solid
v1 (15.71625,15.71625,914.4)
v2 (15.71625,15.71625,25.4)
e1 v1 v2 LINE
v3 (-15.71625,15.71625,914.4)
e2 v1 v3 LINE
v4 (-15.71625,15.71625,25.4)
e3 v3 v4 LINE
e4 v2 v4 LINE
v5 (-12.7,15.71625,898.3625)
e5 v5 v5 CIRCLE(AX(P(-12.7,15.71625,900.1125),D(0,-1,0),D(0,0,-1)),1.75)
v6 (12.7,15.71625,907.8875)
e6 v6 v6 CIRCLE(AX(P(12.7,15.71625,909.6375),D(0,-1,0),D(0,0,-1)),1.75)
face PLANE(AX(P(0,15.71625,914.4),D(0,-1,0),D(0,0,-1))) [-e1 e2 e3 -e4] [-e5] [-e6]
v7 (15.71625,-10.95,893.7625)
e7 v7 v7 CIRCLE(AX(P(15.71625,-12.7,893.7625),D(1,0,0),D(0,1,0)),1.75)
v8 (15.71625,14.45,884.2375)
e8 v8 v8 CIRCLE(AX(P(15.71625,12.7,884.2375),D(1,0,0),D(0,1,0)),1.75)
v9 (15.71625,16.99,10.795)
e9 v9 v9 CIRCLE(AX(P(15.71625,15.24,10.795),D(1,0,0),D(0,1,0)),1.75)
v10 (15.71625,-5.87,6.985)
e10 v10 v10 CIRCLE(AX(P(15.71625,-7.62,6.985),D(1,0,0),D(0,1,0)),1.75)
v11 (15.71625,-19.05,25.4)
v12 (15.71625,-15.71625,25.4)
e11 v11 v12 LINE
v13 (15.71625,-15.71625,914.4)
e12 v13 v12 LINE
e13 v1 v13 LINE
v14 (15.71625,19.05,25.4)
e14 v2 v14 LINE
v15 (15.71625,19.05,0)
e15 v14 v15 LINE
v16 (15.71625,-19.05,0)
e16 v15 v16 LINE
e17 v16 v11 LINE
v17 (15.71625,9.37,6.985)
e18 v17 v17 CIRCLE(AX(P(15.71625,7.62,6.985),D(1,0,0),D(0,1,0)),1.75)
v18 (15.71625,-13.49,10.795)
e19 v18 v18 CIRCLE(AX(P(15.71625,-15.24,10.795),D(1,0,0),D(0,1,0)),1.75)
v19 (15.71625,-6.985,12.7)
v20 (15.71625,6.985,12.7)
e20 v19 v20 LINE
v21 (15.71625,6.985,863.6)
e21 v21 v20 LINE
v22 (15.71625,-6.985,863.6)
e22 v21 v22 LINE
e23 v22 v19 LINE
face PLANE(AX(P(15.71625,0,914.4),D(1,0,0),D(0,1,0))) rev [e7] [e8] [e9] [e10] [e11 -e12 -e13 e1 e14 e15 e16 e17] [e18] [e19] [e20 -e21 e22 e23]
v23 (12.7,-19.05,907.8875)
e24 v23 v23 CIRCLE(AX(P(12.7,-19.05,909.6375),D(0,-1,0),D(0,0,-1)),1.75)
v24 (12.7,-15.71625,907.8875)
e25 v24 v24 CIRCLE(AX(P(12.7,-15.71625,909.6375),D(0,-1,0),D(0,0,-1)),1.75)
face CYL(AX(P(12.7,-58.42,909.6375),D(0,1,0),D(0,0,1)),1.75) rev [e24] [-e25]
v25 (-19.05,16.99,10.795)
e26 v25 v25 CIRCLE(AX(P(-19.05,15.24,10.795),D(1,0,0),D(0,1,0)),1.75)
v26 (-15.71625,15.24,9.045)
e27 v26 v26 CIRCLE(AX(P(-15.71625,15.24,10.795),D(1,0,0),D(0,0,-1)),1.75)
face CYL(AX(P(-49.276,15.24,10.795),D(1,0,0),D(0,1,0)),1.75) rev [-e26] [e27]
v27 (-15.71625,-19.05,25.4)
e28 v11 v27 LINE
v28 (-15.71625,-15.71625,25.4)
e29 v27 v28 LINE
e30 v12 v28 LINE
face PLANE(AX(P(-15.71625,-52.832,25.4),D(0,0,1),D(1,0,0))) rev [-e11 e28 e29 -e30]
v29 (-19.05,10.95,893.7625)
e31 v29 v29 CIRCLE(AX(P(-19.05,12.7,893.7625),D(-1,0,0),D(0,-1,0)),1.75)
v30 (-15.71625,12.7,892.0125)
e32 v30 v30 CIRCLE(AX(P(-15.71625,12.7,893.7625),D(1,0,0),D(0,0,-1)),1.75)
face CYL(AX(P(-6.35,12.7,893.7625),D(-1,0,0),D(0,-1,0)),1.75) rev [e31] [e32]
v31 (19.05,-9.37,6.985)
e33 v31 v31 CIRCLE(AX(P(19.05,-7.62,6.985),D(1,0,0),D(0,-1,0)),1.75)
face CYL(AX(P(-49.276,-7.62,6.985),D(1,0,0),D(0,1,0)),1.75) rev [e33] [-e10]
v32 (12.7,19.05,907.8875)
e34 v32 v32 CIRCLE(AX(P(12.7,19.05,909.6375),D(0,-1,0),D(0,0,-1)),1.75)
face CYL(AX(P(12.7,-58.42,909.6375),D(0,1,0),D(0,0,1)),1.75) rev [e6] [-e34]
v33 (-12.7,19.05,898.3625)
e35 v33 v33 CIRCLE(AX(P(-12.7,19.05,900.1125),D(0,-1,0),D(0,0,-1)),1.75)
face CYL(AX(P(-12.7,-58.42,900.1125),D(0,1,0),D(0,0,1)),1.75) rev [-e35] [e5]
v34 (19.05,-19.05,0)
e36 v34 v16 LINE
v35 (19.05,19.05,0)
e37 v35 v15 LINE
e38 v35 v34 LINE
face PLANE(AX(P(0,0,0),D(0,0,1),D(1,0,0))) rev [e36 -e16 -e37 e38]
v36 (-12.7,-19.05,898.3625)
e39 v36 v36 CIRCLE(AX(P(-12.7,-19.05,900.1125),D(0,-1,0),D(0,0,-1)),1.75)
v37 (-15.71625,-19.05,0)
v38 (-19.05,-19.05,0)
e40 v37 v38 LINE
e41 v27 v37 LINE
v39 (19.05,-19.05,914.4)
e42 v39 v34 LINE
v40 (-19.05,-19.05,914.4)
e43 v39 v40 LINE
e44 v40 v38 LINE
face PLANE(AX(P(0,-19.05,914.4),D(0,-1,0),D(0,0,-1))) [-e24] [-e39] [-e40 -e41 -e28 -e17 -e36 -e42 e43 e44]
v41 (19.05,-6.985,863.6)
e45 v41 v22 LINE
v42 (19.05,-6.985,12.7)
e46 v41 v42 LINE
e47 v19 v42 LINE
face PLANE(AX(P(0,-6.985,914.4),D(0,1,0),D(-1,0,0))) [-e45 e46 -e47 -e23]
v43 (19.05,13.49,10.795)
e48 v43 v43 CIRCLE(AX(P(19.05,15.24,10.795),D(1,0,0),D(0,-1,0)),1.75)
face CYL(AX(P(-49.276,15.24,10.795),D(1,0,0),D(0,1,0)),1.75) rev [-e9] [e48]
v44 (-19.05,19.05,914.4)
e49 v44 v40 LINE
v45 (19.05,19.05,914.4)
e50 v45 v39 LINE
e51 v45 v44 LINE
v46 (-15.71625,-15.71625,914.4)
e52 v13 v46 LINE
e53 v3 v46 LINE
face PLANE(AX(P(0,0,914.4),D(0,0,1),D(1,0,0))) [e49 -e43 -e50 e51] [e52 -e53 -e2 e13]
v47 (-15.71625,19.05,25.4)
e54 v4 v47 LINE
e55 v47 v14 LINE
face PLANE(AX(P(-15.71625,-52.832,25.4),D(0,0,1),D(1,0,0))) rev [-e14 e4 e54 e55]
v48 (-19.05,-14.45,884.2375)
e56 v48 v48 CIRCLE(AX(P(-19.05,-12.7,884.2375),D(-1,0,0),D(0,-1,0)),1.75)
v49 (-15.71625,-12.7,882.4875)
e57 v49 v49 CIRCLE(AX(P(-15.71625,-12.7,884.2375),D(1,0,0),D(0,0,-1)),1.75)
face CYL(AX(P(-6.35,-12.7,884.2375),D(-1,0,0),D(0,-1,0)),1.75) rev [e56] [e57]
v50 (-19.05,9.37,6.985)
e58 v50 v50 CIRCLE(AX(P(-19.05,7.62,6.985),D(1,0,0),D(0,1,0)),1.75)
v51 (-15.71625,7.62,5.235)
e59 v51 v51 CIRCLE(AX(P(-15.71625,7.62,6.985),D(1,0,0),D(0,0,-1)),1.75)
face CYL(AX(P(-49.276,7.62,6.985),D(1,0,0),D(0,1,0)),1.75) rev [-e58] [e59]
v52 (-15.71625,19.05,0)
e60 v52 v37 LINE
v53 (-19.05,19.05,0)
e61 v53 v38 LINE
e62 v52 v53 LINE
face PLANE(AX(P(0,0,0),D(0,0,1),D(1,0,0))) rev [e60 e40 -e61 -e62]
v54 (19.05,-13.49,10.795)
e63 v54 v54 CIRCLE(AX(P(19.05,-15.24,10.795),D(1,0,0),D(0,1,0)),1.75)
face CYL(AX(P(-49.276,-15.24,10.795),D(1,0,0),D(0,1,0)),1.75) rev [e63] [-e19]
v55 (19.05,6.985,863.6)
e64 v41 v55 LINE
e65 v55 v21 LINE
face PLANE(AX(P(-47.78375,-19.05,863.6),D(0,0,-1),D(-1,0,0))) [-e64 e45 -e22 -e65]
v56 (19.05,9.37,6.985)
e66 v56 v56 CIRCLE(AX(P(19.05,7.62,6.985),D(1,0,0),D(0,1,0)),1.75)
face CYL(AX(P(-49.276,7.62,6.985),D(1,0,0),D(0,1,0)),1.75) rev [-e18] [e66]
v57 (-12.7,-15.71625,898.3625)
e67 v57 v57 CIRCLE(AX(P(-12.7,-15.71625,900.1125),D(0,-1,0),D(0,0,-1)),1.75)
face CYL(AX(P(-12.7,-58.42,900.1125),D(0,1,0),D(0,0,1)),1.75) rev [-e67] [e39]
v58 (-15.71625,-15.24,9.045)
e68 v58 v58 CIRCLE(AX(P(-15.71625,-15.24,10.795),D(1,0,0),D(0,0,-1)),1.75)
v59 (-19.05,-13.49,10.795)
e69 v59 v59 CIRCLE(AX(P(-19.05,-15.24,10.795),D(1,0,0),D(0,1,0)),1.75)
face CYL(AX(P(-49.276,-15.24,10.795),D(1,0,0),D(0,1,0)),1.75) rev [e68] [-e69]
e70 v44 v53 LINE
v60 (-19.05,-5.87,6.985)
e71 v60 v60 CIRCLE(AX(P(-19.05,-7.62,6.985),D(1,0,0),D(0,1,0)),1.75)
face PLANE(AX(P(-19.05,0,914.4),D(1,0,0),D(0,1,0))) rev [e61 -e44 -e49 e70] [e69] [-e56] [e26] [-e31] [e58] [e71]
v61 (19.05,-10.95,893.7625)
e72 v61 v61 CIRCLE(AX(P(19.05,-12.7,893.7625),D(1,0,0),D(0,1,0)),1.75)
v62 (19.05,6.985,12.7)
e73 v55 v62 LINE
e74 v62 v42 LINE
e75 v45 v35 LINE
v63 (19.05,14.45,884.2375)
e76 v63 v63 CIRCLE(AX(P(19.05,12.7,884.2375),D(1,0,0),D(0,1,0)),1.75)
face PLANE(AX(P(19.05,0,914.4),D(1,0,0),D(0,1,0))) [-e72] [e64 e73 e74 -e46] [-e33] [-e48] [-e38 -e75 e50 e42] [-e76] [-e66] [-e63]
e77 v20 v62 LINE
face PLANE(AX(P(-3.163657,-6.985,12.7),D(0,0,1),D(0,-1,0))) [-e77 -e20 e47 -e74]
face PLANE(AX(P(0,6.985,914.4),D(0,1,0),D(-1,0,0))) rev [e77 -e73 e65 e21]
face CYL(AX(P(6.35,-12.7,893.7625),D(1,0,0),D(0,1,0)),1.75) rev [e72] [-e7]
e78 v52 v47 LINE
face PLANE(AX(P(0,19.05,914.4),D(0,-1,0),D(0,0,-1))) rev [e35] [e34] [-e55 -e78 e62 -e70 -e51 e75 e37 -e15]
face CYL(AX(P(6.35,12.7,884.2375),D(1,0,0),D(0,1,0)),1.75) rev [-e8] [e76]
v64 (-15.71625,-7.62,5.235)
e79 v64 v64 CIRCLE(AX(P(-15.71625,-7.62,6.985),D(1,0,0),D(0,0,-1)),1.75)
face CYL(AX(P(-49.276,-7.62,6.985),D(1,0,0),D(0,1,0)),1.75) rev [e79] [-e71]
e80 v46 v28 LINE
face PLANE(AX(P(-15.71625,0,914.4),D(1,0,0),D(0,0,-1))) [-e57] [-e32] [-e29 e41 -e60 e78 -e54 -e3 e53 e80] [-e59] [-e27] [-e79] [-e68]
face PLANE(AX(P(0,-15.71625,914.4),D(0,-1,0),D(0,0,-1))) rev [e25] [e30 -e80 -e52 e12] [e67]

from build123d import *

# Parameters (mm, degrees)
BOSS_EXTRUDE1_DEPTH     = 914.4
CUT_EXTRUDE2_DEPTH      = 70.104
CUT_EXTRUDE2_DEPTH_BACK = 58.42
SKETCH7_R               = 1.75
SKETCH8_W               = 31.4325
SKETCH8_H               = 50.8
CUT_EXTRUDE3_DEPTH      = 71.882
SKETCH10_R              = 1.75
CUT_EXTRUDE5_DEPTH      = 12.7
SKETCH11_W              = 13.97
SKETCH11_H              = 12.7
BOSS_EXTRUDE2_DEPTH     = 3.33375
SKETCH9_R               = 1.75
CUT_EXTRUDE4_DEPTH      = 68.326
CIRPATTERN1_COUNT       = 2
SKETCH12_W              = 38.1
SKETCH12_H              = 50.8
SKETCH12_R              = 1.75
BOSS_EXTRUDE3_DEPTH     = 3.33375


with BuildPart() as part:
    # Sketch1 → Boss-Extrude1 (new body)
    with BuildSketch(Plane(origin=(0, 0, 0), x_dir=(0, 1, 0), z_dir=(0, 0, 1))):
        Polygon((6.985, -19.05), (19.05, -19.05), (19.05, 19.05), (-19.05, 19.05), (-19.05, -19.05), (-6.985, -19.05), (-6.985, -15.71625), (-15.71625, -15.71625), (-15.71625, 15.71625), (15.71625, 15.71625), (15.71625, -15.71625), (6.985, -15.71625), align=None)
    extrude(amount=BOSS_EXTRUDE1_DEPTH)

    # Sketch7 → Cut-Extrude2 (cut, two sides: drawn at the far end of the back side and taken through both)
    with BuildSketch(Plane(origin=(0, 0, 0), x_dir=(-1, 0, 0), z_dir=(0, 1, 0)).offset(-CUT_EXTRUDE2_DEPTH_BACK)):
        with Locations(Location((-12.7, 909.6375, 0), (0, 0, 270))):
            Circle(SKETCH7_R)
        with Locations(Location((12.7, 900.1125, 0), (0, 0, 270))):
            Circle(SKETCH7_R)
    extrude(amount=CUT_EXTRUDE2_DEPTH + CUT_EXTRUDE2_DEPTH_BACK, mode=Mode.SUBTRACT)

    # Sketch8 → Cut-Extrude3 (cut)
    with BuildSketch(Plane(origin=(0, 19.05, 0), x_dir=(-1, 0, 0), z_dir=(0, 1, 0))):
        Rectangle(SKETCH8_W, SKETCH8_H)
    extrude(amount=-CUT_EXTRUDE3_DEPTH, mode=Mode.SUBTRACT)

    # Sketch10 → Cut-Extrude5 (cut)
    with BuildSketch(Plane.YZ.offset(19.05)):
        with Locations((-12.7, 893.7625)):
            Circle(SKETCH10_R)
        with Locations((12.7, 884.2375)):
            Circle(SKETCH10_R)
    cut_extrude5 = extrude(amount=-CUT_EXTRUDE5_DEPTH, mode=Mode.SUBTRACT)

    # Sketch11 → Boss-Extrude2 (add)
    with BuildSketch(Plane.YZ.offset(19.05)):
        with Locations((0, 6.35)):
            Rectangle(SKETCH11_W, SKETCH11_H)
    extrude(amount=-BOSS_EXTRUDE2_DEPTH)

    # Sketch9 → Cut-Extrude4 (cut)
    with BuildSketch(Plane.YZ.offset(19.05)):
        with Locations((-15.24, 10.795)):
            Circle(SKETCH9_R)
        with Locations((15.24, 10.795)):
            Circle(SKETCH9_R)
        with Locations((7.62, 6.985)):
            Circle(SKETCH9_R)
        with Locations((-7.62, 6.985)):
            Circle(SKETCH9_R)
    extrude(amount=-CUT_EXTRUDE4_DEPTH, mode=Mode.SUBTRACT)

    # CirPattern1: Cut-Extrude5 ×2 about axis
    cirpattern1_axis = Axis((0, 0, 746.76), (0, 0, -1))
    for i in range(1, CIRPATTERN1_COUNT):
        add(cut_extrude5.rotate(cirpattern1_axis, i * 360 / CIRPATTERN1_COUNT), mode=Mode.SUBTRACT)

    # Sketch12 → Boss-Extrude3 (add)
    with BuildSketch(Plane.YZ.offset(19.05)):
        with Locations((0, 889)):
            Rectangle(SKETCH12_W, SKETCH12_H)
        with Locations((12.7, 884.2375)):
            Circle(SKETCH12_R, mode=Mode.SUBTRACT)
        with Locations((-12.7, 893.7625)):
            Circle(SKETCH12_R, mode=Mode.SUBTRACT)
    extrude(amount=-BOSS_EXTRUDE3_DEPTH)


solid = part.part
